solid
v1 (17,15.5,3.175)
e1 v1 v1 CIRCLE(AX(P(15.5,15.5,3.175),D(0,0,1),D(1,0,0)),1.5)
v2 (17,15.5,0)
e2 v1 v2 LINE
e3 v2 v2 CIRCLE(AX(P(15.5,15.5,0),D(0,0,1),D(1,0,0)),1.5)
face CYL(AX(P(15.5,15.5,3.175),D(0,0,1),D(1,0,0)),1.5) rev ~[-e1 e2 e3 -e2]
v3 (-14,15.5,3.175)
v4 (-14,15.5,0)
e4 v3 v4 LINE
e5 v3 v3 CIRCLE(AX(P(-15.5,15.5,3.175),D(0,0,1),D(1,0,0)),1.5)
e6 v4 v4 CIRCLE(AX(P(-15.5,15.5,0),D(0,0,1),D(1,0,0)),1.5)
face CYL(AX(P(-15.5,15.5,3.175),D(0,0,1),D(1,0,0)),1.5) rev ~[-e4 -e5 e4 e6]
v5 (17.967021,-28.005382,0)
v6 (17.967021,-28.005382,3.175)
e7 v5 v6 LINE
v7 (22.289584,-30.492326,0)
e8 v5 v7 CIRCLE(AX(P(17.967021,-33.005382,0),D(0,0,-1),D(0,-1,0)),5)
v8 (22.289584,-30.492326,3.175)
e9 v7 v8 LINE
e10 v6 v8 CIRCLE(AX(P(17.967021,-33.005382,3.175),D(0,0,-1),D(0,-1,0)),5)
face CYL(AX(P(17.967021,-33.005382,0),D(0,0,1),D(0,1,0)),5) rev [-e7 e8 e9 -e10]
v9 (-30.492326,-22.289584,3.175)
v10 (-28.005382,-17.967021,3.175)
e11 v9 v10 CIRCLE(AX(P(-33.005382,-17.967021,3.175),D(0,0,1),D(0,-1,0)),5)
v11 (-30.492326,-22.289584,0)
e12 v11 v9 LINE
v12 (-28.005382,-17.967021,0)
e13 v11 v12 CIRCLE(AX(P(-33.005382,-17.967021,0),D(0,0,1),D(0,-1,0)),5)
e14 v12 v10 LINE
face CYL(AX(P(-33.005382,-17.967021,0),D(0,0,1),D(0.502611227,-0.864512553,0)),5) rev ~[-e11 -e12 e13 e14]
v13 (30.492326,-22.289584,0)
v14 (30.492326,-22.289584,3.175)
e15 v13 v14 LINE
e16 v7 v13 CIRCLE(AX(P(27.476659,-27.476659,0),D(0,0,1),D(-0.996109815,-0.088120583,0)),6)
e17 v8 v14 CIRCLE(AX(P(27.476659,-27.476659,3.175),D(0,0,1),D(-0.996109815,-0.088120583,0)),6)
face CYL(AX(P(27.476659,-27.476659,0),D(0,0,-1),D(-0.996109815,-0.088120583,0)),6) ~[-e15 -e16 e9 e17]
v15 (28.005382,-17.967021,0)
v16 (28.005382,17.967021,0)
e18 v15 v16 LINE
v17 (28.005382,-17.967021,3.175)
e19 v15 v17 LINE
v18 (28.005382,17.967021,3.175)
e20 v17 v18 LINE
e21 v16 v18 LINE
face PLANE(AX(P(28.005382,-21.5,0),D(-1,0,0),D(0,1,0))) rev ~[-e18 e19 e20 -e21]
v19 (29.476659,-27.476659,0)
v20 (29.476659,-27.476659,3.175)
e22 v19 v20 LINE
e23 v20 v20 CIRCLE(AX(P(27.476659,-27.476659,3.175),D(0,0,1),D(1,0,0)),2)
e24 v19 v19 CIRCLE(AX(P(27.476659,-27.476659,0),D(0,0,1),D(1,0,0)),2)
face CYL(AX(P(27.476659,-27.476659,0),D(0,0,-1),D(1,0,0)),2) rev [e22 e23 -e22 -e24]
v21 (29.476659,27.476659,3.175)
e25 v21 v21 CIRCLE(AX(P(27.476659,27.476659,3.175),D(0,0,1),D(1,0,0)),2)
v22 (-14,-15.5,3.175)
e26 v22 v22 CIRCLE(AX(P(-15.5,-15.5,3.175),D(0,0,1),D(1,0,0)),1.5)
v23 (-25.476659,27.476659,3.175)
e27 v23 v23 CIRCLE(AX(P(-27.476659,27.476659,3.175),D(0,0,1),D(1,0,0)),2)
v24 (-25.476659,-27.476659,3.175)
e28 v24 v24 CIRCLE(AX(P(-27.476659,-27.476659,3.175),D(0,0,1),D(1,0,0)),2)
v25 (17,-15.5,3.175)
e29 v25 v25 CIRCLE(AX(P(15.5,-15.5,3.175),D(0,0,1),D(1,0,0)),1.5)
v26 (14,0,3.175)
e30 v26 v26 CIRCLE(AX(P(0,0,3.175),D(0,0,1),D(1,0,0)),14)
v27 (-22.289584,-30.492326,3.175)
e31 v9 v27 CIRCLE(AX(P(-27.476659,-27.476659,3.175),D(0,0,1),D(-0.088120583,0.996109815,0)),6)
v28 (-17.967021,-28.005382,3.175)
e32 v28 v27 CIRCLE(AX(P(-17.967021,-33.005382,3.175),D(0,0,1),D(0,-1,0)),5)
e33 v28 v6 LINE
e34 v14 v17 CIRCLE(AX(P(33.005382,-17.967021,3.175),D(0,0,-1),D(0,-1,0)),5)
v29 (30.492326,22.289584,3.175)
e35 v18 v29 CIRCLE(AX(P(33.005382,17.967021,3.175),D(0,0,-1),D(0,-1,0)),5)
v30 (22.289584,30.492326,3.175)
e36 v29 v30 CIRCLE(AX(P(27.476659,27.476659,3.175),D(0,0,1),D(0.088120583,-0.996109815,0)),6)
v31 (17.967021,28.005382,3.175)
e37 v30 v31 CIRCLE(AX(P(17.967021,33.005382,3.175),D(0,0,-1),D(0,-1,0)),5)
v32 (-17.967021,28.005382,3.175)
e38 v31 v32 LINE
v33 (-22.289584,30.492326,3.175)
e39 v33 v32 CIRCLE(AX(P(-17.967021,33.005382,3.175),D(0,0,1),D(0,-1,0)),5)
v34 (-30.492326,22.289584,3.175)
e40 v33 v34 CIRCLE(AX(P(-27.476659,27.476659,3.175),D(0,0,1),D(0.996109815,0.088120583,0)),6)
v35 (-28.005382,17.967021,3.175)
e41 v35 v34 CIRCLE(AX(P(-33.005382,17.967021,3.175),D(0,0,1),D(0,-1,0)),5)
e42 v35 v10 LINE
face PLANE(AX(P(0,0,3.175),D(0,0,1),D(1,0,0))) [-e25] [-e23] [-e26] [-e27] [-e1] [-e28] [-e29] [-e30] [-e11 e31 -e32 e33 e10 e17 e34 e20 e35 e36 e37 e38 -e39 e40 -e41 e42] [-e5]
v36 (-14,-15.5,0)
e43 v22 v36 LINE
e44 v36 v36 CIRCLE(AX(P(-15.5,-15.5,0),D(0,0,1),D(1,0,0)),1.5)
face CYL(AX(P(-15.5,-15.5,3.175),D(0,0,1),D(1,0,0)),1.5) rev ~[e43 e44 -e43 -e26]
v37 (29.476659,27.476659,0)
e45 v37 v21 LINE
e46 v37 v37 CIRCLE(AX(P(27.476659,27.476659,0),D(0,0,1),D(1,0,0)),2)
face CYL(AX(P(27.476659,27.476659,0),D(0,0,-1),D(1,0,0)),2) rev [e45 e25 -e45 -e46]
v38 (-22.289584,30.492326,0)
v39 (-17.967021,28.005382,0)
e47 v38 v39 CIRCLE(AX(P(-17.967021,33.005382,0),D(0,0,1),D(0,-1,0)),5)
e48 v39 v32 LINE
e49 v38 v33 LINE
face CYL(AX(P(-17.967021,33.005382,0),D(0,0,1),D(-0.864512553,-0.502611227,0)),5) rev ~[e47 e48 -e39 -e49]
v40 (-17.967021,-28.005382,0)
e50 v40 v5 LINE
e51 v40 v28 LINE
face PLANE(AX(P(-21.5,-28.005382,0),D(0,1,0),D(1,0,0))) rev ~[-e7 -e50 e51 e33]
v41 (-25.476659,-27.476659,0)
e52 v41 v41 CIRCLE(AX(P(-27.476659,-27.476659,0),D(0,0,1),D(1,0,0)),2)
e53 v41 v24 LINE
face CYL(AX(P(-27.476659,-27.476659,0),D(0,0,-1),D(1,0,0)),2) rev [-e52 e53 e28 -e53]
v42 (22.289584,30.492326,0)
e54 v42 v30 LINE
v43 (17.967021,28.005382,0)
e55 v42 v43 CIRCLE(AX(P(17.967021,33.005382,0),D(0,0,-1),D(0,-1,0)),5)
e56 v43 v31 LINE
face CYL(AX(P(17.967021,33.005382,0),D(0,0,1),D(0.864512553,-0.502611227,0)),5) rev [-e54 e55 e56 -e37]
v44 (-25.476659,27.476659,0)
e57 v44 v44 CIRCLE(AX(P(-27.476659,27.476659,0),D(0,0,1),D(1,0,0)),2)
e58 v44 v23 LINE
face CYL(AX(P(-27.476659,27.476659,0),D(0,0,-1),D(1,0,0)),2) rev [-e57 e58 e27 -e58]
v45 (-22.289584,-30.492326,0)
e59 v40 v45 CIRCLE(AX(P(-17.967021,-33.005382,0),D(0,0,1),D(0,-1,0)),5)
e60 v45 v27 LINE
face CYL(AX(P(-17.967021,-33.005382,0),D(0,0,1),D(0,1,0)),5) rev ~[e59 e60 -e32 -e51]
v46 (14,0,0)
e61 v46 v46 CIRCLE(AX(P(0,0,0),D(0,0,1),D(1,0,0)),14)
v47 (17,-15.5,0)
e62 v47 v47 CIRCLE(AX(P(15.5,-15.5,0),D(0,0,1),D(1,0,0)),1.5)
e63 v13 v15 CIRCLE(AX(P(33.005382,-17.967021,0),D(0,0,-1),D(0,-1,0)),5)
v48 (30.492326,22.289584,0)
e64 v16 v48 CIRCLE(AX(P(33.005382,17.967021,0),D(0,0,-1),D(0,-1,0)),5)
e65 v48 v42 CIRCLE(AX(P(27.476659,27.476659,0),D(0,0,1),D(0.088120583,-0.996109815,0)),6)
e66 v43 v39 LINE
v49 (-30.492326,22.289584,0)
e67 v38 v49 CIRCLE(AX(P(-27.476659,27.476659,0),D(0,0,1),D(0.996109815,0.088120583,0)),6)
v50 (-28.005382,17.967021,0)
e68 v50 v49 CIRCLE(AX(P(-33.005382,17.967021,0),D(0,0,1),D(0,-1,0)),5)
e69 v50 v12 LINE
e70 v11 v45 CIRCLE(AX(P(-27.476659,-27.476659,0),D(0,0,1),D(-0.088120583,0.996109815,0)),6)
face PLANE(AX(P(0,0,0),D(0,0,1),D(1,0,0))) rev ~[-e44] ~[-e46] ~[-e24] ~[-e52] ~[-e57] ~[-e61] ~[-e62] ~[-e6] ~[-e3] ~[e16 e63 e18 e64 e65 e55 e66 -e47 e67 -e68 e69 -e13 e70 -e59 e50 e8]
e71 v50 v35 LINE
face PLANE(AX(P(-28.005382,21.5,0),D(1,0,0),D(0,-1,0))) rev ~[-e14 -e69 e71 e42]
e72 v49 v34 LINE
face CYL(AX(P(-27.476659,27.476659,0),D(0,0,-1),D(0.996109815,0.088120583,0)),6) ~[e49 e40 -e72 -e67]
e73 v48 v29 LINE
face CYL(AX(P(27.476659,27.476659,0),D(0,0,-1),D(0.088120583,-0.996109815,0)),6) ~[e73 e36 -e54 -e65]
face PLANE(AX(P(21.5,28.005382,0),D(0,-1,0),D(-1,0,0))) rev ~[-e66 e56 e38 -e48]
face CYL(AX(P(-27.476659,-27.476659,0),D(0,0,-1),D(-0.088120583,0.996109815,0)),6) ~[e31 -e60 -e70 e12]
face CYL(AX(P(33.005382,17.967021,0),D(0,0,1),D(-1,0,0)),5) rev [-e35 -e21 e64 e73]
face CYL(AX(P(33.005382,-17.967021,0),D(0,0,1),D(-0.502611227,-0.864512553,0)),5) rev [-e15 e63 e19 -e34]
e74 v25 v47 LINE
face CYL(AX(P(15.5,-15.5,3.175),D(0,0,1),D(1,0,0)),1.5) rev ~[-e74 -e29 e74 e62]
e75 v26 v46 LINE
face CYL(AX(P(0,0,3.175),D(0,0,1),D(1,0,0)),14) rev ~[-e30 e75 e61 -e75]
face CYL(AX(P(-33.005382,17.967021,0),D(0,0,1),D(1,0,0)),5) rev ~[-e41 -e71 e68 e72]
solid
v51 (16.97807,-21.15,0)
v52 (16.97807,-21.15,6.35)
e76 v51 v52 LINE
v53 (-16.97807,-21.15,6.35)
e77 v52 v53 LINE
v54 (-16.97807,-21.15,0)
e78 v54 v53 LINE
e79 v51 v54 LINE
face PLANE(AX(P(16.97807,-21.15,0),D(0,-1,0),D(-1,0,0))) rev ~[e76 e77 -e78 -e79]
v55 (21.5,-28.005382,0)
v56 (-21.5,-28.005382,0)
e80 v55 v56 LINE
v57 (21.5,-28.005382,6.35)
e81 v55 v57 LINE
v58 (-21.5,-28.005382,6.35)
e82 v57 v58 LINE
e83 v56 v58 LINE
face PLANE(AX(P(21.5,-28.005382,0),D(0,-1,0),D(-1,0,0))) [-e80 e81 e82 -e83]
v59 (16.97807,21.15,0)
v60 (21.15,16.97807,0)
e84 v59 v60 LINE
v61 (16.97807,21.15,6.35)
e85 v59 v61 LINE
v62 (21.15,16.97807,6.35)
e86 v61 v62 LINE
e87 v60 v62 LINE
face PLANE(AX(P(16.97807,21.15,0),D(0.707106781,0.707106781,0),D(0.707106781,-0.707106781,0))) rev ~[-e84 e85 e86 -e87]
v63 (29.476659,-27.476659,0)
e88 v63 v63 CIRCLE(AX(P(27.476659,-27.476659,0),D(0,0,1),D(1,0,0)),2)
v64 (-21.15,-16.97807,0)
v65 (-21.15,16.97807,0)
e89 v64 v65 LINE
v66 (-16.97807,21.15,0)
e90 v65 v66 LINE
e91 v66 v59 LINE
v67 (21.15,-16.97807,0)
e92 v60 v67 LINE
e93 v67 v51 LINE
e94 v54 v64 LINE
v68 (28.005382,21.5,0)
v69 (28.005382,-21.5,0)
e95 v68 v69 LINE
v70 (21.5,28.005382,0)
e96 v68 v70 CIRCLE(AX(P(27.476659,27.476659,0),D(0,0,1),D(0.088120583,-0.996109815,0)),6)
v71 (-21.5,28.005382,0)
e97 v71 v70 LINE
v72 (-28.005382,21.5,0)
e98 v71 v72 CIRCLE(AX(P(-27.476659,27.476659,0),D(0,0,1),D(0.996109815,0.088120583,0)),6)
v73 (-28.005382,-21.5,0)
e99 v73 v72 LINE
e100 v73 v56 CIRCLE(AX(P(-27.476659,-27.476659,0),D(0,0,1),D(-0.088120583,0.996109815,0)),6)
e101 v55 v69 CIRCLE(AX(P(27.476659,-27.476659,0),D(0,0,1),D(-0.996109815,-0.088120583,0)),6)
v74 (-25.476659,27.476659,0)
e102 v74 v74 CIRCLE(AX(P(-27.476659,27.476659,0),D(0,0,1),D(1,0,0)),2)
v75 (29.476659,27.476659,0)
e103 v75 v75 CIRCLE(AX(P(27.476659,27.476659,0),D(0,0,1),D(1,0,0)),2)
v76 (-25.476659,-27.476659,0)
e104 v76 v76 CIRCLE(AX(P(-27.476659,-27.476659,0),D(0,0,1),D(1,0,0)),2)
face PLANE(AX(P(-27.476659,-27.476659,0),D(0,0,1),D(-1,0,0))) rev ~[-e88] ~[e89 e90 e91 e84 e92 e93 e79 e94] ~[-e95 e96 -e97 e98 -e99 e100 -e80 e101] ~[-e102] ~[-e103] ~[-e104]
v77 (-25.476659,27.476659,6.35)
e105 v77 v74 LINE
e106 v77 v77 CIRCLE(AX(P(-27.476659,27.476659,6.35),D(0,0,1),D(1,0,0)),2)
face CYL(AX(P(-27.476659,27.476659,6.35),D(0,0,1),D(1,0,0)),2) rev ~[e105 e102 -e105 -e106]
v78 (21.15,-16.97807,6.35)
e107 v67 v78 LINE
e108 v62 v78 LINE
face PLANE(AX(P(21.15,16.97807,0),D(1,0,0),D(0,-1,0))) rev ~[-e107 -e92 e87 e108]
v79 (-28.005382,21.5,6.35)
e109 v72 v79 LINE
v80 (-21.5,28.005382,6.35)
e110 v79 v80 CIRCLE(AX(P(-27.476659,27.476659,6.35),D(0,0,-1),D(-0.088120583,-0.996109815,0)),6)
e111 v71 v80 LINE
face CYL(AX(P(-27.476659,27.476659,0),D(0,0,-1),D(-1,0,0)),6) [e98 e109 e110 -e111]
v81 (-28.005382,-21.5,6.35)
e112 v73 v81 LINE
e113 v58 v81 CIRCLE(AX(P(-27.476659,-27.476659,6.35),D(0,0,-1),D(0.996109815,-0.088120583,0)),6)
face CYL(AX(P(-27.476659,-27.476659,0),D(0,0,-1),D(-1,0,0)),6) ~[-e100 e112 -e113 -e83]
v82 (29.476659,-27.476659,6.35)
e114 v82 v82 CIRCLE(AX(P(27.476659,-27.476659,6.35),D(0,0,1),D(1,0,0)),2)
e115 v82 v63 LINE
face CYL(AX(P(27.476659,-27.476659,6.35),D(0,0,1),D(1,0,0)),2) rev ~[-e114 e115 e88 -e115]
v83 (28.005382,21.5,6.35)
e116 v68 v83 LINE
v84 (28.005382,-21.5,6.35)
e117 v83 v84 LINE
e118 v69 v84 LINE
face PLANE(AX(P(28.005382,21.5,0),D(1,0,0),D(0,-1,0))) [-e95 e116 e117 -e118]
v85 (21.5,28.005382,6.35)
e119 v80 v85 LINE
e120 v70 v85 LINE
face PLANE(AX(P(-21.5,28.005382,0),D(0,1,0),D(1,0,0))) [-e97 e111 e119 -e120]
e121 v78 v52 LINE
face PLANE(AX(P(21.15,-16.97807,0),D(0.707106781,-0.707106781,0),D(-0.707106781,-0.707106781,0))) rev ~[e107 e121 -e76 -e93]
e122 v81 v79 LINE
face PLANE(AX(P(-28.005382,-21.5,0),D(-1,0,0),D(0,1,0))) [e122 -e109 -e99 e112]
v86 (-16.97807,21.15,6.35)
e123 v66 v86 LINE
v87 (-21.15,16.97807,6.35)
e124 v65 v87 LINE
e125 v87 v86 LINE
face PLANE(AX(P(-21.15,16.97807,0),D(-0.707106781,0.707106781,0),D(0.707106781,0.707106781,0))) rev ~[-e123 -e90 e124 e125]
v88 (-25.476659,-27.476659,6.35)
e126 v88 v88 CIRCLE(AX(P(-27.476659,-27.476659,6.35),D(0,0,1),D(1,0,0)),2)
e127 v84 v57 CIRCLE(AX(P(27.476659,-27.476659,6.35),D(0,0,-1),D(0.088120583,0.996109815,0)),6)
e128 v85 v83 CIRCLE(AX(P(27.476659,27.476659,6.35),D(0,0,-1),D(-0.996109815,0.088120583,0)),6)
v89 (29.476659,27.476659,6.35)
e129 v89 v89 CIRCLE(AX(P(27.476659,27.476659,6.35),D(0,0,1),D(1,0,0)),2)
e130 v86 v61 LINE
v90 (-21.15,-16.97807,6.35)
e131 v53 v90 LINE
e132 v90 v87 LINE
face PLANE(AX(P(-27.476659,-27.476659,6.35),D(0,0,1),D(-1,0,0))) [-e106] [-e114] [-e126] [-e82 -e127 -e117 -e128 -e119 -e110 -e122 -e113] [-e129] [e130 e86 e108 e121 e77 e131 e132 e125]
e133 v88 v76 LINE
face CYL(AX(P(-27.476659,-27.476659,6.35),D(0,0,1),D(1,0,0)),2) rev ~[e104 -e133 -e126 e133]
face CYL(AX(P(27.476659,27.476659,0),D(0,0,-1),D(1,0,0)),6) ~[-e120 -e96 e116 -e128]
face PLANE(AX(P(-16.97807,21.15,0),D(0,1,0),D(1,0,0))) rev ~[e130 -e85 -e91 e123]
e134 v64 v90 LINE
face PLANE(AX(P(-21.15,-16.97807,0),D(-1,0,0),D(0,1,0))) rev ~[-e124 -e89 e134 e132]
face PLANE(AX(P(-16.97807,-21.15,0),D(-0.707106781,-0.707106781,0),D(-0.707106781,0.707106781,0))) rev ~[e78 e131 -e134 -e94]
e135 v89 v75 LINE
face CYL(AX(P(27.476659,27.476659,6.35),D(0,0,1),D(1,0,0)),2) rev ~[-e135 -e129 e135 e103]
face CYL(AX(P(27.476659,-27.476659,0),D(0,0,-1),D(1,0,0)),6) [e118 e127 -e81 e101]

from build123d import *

# Parameters (mm, degrees)
BOSS_EXTRU_2_DEPTH        = 6.35
ESQUISSE29_R              = 6
BOSS_EXTRU_3_DEPTH        = 6.35
SYM_TRIE2_COPY_1_SKETCH_R = 6
SYM_TRIE2_COPY_1_DEPTH    = 6.35
ESQUISSE30_R              = 2
ENL_V_MAT_EXTRU_1_DEPTH   = 48.7671004
ESQUISSE31_R              = 2
BOSS_EXTRU_4_DEPTH        = 3.175
ESQUISSE32_R              = 1.5
ESQUISSE32_R_2            = 14
ENL_V_MAT_EXTRU_2_DEPTH   = 48.449488992
CONG_1_R                  = 5


with BuildPart() as part:
    # Esquisse28 → Boss.-Extru.2 (new body)
    with BuildSketch(Plane.XY):
        Polygon((-21.5, -28.005382387), (-28.005382387, -21.5), (-28.005382387, 21.5), (-21.5, 28.005382387), (21.5, 28.005382387), (28.005382387, 21.5), (28.005382387, -21.5), (21.5, -28.005382387), align=None)
        Polygon((-16.978069991, -21.15), (-21.15, -16.978069991), (-21.15, 16.978069991), (-16.978069991, 21.15), (16.978069991, 21.15), (21.15, 16.978069991), (21.15, -16.978069991), (16.978069991, -21.15), align=None, mode=Mode.SUBTRACT)
    extrude(amount=BOSS_EXTRU_2_DEPTH)

    # Esquisse29 → Boss.-Extru.3 (add)
    with BuildSketch(Plane.XY):
        with Locations((27.476658888, 27.476658888)):
            Circle(ESQUISSE29_R)
    boss_extru_3 = extrude(amount=BOSS_EXTRU_3_DEPTH)

    # Symétrie1: Boss.-Extru.3 across plane
    add(boss_extru_3.mirror(Plane(origin=(0, 0, 0), x_dir=(0, 0, 1), z_dir=(1, 0, 0))))

    # Symétrie2: Boss.-Extru.3 across plane
    add(boss_extru_3.mirror(Plane.ZX))

    # Symétrie2 copy 1 sketch → Symétrie2 copy 1 (add)
    with BuildSketch(Plane(origin=(0, 0, 0), x_dir=(-1, 0, 0), z_dir=(0, 0, 1))):
        with Locations((27.476658888, 27.476658888)):
            Circle(SYM_TRIE2_COPY_1_SKETCH_R)
    extrude(amount=SYM_TRIE2_COPY_1_DEPTH)

    # Esquisse30 → Enlèv. mat.-Extru.1 (cut, through all)
    with BuildSketch(Plane.XY.offset(6.35)):
        with Locations((-27.476658888, 27.476658888)):
            Circle(ESQUISSE30_R)
        with Locations((27.476658888, 27.476658888)):
            Circle(ESQUISSE30_R)
        with Locations((27.476658888, -27.476658888)):
            Circle(ESQUISSE30_R)
        with Locations((-27.476658888, -27.476658888)):
            Circle(ESQUISSE30_R)
    extrude(amount=-ENL_V_MAT_EXTRU_1_DEPTH, mode=Mode.SUBTRACT)


with BuildPart() as body_2:
    # Esquisse31 → Boss.-Extru.4 (new body)
    with BuildSketch(Plane.XY):
        with BuildLine():
            Line((-21.5, -28.005382387), (21.5, -28.005382387))
            ThreePointArc((21.5, -28.005382387), (31.719299575, -31.719299575), (28.005382387, -21.5))
            Line((28.005382387, -21.5), (28.005382387, 21.5))
            ThreePointArc((28.005382387, 21.5), (31.719299575, 31.719299575), (21.5, 28.005382387))
            Line((21.5, 28.005382387), (-21.5, 28.005382387))
            ThreePointArc((-21.5, 28.005382387), (-31.719299575, 31.719299575), (-28.005382387, 21.5))
            Line((-28.005382387, 21.5), (-28.005382387, -21.5))
            ThreePointArc((-28.005382387, -21.5), (-31.719299575, -31.719299575), (-21.5, -28.005382387))
        make_face()
        with Locations((27.476658888, 27.476658888)):
            Circle(ESQUISSE31_R, mode=Mode.SUBTRACT)
        with Locations((-27.476658888, 27.476658888)):
            Circle(ESQUISSE31_R, mode=Mode.SUBTRACT)
        with Locations((-27.476658888, -27.476658888)):
            Circle(ESQUISSE31_R, mode=Mode.SUBTRACT)
        with Locations((27.476658888, -27.476658888)):
            Circle(ESQUISSE31_R, mode=Mode.SUBTRACT)
    extrude(amount=BOSS_EXTRU_4_DEPTH)

    # Esquisse32 → Enlèv. mat.-Extru.2 (cut, through all)
    with BuildSketch(Plane.XY.offset(3.175)):
        with Locations((-15.5, -15.5)):
            Circle(ESQUISSE32_R)
        with Locations((15.5, -15.5)):
            Circle(ESQUISSE32_R)
        with Locations((15.5, 15.5)):
            Circle(ESQUISSE32_R)
        with Locations((-15.5, 15.5)):
            Circle(ESQUISSE32_R)
        Circle(ESQUISSE32_R_2)
    extrude(amount=-ENL_V_MAT_EXTRU_2_DEPTH, mode=Mode.SUBTRACT)

    # Congé1
    cong_1_edges = [body_2.edges().sort_by_distance(p)[0] for p in [
        (-28.005382387, -21.5, 1.5875),
        (-28.005382387, 21.5, 1.5875),
        (-21.5, 28.005382387, 1.5875),
        (21.5, 28.005382387, 1.5875),
        (28.005382387, 21.5, 1.5875),
        (28.005382387, -21.5, 1.5875),
        (21.5, -28.005382387, 1.5875),
        (-21.5, -28.005382387, 1.5875),
    ]]
    fillet(cong_1_edges, radius=CONG_1_R)


solid = Compound([part.part, body_2.part])
